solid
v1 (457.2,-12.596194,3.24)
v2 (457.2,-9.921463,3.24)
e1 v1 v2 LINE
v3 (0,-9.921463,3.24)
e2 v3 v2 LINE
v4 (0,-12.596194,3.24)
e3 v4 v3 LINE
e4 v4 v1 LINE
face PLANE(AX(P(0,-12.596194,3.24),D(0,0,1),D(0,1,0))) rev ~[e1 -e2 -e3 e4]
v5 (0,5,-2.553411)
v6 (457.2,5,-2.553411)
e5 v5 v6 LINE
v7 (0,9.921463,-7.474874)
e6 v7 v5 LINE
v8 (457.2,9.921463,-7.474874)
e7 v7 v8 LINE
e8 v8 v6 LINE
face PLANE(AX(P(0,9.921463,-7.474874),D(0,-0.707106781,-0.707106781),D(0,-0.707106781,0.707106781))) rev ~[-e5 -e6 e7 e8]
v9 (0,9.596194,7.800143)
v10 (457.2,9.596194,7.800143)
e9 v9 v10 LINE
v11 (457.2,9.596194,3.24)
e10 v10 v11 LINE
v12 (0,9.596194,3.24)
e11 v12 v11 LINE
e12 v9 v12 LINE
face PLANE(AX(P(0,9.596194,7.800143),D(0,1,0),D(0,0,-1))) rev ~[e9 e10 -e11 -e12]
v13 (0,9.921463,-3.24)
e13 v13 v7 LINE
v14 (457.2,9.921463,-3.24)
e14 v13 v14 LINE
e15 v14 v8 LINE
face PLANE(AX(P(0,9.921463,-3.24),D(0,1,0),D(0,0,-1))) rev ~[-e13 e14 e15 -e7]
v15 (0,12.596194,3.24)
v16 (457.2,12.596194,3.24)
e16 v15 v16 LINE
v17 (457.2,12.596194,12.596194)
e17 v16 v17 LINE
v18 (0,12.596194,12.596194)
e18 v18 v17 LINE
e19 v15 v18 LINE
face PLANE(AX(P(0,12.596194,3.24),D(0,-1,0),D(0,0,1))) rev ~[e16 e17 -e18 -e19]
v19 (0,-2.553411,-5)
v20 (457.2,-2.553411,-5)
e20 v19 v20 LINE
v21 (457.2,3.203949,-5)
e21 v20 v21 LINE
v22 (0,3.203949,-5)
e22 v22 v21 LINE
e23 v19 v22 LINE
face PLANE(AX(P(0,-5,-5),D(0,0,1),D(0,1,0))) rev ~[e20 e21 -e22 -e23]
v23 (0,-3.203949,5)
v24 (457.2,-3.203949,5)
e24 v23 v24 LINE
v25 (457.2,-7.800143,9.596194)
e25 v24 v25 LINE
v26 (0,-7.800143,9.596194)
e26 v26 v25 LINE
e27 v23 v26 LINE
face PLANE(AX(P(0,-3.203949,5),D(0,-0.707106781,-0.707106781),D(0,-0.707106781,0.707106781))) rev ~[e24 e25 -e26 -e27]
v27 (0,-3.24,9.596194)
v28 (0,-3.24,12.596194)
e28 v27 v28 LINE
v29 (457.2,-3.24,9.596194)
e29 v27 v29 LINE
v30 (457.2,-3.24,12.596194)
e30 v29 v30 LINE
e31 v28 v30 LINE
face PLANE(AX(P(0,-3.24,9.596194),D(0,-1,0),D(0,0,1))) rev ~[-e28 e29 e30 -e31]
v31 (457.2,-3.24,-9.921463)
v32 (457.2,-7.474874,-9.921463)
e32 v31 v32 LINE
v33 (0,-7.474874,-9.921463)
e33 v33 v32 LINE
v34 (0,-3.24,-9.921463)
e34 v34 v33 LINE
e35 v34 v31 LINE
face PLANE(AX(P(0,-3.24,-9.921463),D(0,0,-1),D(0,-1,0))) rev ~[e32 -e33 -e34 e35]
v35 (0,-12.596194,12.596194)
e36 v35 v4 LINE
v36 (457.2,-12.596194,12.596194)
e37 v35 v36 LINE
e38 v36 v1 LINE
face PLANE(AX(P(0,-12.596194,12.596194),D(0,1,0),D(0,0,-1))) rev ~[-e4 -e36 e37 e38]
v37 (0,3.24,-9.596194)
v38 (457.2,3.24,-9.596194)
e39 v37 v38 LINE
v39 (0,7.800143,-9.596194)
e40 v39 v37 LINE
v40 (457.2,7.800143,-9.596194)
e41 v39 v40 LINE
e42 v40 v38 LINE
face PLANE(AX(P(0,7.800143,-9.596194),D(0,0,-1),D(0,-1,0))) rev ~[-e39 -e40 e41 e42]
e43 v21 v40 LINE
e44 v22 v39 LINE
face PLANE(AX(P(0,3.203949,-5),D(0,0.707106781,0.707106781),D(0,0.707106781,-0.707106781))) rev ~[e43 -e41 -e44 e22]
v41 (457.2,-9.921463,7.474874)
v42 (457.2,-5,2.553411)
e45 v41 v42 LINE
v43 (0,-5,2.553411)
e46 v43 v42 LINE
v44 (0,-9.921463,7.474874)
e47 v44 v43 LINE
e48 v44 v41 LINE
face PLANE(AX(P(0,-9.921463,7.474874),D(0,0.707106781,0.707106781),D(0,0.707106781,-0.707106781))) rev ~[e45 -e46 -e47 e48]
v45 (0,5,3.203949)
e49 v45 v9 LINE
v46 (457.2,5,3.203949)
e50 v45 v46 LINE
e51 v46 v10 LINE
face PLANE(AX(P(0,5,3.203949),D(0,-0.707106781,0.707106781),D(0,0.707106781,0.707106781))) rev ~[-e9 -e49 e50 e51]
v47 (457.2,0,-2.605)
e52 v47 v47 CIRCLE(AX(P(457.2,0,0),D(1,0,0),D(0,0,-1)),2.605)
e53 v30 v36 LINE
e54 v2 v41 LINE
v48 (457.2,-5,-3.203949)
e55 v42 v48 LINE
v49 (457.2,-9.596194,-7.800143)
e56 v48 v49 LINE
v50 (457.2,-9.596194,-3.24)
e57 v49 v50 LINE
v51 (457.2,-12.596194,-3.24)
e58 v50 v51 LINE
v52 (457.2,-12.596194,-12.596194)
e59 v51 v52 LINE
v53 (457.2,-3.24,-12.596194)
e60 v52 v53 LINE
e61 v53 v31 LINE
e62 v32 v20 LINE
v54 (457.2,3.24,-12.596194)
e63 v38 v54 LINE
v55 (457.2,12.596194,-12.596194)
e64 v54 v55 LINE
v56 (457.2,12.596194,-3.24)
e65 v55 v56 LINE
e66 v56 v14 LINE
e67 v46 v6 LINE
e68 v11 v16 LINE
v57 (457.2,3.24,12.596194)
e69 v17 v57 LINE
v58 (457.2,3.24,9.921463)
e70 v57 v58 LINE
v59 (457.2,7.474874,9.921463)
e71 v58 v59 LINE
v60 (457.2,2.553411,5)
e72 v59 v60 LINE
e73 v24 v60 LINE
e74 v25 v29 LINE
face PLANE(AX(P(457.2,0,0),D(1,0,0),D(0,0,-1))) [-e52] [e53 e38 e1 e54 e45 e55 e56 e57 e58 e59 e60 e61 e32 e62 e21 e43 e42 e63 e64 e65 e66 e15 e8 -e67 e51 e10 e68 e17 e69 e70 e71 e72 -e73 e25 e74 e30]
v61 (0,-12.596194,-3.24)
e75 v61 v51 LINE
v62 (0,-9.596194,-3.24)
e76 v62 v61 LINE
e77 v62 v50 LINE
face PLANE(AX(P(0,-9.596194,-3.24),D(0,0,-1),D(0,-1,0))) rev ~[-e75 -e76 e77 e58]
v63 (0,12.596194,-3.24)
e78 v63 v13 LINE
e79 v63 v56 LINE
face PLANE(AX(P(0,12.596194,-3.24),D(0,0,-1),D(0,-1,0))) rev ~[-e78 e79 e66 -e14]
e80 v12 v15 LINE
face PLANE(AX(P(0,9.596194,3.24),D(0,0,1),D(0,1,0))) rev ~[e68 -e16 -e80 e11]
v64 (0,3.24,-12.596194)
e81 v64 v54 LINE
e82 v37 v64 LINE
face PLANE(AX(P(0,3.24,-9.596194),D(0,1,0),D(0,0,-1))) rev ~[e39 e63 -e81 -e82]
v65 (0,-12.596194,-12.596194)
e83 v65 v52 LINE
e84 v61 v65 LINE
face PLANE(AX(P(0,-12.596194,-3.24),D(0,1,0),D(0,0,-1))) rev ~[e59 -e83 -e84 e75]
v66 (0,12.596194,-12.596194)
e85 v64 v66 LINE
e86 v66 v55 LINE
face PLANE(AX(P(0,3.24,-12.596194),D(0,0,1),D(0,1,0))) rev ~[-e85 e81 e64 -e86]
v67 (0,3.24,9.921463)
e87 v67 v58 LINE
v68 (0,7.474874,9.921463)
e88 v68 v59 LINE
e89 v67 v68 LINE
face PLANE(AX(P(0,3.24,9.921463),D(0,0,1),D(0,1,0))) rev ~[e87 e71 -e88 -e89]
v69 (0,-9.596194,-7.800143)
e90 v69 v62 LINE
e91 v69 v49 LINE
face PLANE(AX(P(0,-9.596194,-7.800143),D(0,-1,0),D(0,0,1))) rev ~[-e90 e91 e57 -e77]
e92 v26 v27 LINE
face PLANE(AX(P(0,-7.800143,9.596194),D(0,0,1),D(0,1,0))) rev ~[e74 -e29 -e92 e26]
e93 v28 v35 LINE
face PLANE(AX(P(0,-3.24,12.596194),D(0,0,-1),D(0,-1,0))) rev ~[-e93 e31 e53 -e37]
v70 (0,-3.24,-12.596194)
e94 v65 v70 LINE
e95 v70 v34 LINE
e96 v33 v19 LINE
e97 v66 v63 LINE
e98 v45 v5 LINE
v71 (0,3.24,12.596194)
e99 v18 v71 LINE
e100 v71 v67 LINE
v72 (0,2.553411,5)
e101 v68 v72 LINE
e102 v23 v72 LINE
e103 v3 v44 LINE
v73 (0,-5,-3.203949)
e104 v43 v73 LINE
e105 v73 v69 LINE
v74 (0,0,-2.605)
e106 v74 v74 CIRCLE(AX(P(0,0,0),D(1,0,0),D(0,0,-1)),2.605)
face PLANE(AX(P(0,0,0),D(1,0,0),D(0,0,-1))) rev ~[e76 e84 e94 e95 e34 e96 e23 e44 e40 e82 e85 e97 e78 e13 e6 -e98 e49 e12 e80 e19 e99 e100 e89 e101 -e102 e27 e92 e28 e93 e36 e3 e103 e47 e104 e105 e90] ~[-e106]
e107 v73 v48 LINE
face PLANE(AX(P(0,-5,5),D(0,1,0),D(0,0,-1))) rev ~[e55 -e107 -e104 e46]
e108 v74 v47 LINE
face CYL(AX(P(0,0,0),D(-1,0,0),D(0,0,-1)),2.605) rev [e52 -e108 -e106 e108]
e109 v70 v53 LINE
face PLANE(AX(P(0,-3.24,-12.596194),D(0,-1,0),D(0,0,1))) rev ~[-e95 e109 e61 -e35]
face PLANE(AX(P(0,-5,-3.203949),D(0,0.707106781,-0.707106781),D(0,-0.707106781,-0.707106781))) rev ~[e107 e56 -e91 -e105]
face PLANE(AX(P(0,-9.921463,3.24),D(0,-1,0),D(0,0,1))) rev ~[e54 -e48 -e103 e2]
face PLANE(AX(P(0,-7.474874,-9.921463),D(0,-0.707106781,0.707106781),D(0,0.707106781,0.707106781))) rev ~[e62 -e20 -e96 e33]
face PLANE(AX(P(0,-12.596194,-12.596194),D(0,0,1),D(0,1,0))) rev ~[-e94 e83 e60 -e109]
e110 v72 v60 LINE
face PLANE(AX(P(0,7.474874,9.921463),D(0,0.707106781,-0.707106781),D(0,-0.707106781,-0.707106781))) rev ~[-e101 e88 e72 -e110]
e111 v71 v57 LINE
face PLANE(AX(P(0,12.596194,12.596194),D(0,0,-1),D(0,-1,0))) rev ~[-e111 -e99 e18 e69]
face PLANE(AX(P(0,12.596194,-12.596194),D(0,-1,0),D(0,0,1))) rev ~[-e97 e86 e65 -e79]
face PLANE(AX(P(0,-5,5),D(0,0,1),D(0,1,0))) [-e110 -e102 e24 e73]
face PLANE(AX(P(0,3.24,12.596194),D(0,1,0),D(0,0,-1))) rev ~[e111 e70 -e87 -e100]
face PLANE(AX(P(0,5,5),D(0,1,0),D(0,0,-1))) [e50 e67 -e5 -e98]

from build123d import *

# Parameters (mm, degrees)
SKETCH1_R           = 2.605
BOSS_EXTRUDE1_DEPTH = 457.2
CIRPATTERN1_COUNT   = 4


with BuildPart() as part:
    # Sketch1 → Boss-Extrude1 (new body)
    with BuildSketch(Plane(origin=(0, 0, 0), x_dir=(0, 0, -1), z_dir=(1, 0, 0))):
        Polygon((5, -5), (5, 3.203948776), (9.596194078, 7.800142853), (9.596194078, 3.24), (12.596194078, 3.24), (12.596194078, 12.596194078), (3.24, 12.596194078), (3.24, 9.921463197), (7.474873734, 9.921463197), (2.553410537, 5), (-5, 5), (-5, -5), align=None)
        Circle(SKETCH1_R, mode=Mode.SUBTRACT)
    boss_extrude1 = extrude(amount=BOSS_EXTRUDE1_DEPTH)

    # CirPattern1: Boss-Extrude1 ×4 about axis
    cirpattern1_axis = Axis((0, 0, 0), (1, 0, 0))
    for i in range(1, CIRPATTERN1_COUNT):
        add(boss_extrude1.rotate(cirpattern1_axis, i * 360 / CIRPATTERN1_COUNT))


solid = part.part
